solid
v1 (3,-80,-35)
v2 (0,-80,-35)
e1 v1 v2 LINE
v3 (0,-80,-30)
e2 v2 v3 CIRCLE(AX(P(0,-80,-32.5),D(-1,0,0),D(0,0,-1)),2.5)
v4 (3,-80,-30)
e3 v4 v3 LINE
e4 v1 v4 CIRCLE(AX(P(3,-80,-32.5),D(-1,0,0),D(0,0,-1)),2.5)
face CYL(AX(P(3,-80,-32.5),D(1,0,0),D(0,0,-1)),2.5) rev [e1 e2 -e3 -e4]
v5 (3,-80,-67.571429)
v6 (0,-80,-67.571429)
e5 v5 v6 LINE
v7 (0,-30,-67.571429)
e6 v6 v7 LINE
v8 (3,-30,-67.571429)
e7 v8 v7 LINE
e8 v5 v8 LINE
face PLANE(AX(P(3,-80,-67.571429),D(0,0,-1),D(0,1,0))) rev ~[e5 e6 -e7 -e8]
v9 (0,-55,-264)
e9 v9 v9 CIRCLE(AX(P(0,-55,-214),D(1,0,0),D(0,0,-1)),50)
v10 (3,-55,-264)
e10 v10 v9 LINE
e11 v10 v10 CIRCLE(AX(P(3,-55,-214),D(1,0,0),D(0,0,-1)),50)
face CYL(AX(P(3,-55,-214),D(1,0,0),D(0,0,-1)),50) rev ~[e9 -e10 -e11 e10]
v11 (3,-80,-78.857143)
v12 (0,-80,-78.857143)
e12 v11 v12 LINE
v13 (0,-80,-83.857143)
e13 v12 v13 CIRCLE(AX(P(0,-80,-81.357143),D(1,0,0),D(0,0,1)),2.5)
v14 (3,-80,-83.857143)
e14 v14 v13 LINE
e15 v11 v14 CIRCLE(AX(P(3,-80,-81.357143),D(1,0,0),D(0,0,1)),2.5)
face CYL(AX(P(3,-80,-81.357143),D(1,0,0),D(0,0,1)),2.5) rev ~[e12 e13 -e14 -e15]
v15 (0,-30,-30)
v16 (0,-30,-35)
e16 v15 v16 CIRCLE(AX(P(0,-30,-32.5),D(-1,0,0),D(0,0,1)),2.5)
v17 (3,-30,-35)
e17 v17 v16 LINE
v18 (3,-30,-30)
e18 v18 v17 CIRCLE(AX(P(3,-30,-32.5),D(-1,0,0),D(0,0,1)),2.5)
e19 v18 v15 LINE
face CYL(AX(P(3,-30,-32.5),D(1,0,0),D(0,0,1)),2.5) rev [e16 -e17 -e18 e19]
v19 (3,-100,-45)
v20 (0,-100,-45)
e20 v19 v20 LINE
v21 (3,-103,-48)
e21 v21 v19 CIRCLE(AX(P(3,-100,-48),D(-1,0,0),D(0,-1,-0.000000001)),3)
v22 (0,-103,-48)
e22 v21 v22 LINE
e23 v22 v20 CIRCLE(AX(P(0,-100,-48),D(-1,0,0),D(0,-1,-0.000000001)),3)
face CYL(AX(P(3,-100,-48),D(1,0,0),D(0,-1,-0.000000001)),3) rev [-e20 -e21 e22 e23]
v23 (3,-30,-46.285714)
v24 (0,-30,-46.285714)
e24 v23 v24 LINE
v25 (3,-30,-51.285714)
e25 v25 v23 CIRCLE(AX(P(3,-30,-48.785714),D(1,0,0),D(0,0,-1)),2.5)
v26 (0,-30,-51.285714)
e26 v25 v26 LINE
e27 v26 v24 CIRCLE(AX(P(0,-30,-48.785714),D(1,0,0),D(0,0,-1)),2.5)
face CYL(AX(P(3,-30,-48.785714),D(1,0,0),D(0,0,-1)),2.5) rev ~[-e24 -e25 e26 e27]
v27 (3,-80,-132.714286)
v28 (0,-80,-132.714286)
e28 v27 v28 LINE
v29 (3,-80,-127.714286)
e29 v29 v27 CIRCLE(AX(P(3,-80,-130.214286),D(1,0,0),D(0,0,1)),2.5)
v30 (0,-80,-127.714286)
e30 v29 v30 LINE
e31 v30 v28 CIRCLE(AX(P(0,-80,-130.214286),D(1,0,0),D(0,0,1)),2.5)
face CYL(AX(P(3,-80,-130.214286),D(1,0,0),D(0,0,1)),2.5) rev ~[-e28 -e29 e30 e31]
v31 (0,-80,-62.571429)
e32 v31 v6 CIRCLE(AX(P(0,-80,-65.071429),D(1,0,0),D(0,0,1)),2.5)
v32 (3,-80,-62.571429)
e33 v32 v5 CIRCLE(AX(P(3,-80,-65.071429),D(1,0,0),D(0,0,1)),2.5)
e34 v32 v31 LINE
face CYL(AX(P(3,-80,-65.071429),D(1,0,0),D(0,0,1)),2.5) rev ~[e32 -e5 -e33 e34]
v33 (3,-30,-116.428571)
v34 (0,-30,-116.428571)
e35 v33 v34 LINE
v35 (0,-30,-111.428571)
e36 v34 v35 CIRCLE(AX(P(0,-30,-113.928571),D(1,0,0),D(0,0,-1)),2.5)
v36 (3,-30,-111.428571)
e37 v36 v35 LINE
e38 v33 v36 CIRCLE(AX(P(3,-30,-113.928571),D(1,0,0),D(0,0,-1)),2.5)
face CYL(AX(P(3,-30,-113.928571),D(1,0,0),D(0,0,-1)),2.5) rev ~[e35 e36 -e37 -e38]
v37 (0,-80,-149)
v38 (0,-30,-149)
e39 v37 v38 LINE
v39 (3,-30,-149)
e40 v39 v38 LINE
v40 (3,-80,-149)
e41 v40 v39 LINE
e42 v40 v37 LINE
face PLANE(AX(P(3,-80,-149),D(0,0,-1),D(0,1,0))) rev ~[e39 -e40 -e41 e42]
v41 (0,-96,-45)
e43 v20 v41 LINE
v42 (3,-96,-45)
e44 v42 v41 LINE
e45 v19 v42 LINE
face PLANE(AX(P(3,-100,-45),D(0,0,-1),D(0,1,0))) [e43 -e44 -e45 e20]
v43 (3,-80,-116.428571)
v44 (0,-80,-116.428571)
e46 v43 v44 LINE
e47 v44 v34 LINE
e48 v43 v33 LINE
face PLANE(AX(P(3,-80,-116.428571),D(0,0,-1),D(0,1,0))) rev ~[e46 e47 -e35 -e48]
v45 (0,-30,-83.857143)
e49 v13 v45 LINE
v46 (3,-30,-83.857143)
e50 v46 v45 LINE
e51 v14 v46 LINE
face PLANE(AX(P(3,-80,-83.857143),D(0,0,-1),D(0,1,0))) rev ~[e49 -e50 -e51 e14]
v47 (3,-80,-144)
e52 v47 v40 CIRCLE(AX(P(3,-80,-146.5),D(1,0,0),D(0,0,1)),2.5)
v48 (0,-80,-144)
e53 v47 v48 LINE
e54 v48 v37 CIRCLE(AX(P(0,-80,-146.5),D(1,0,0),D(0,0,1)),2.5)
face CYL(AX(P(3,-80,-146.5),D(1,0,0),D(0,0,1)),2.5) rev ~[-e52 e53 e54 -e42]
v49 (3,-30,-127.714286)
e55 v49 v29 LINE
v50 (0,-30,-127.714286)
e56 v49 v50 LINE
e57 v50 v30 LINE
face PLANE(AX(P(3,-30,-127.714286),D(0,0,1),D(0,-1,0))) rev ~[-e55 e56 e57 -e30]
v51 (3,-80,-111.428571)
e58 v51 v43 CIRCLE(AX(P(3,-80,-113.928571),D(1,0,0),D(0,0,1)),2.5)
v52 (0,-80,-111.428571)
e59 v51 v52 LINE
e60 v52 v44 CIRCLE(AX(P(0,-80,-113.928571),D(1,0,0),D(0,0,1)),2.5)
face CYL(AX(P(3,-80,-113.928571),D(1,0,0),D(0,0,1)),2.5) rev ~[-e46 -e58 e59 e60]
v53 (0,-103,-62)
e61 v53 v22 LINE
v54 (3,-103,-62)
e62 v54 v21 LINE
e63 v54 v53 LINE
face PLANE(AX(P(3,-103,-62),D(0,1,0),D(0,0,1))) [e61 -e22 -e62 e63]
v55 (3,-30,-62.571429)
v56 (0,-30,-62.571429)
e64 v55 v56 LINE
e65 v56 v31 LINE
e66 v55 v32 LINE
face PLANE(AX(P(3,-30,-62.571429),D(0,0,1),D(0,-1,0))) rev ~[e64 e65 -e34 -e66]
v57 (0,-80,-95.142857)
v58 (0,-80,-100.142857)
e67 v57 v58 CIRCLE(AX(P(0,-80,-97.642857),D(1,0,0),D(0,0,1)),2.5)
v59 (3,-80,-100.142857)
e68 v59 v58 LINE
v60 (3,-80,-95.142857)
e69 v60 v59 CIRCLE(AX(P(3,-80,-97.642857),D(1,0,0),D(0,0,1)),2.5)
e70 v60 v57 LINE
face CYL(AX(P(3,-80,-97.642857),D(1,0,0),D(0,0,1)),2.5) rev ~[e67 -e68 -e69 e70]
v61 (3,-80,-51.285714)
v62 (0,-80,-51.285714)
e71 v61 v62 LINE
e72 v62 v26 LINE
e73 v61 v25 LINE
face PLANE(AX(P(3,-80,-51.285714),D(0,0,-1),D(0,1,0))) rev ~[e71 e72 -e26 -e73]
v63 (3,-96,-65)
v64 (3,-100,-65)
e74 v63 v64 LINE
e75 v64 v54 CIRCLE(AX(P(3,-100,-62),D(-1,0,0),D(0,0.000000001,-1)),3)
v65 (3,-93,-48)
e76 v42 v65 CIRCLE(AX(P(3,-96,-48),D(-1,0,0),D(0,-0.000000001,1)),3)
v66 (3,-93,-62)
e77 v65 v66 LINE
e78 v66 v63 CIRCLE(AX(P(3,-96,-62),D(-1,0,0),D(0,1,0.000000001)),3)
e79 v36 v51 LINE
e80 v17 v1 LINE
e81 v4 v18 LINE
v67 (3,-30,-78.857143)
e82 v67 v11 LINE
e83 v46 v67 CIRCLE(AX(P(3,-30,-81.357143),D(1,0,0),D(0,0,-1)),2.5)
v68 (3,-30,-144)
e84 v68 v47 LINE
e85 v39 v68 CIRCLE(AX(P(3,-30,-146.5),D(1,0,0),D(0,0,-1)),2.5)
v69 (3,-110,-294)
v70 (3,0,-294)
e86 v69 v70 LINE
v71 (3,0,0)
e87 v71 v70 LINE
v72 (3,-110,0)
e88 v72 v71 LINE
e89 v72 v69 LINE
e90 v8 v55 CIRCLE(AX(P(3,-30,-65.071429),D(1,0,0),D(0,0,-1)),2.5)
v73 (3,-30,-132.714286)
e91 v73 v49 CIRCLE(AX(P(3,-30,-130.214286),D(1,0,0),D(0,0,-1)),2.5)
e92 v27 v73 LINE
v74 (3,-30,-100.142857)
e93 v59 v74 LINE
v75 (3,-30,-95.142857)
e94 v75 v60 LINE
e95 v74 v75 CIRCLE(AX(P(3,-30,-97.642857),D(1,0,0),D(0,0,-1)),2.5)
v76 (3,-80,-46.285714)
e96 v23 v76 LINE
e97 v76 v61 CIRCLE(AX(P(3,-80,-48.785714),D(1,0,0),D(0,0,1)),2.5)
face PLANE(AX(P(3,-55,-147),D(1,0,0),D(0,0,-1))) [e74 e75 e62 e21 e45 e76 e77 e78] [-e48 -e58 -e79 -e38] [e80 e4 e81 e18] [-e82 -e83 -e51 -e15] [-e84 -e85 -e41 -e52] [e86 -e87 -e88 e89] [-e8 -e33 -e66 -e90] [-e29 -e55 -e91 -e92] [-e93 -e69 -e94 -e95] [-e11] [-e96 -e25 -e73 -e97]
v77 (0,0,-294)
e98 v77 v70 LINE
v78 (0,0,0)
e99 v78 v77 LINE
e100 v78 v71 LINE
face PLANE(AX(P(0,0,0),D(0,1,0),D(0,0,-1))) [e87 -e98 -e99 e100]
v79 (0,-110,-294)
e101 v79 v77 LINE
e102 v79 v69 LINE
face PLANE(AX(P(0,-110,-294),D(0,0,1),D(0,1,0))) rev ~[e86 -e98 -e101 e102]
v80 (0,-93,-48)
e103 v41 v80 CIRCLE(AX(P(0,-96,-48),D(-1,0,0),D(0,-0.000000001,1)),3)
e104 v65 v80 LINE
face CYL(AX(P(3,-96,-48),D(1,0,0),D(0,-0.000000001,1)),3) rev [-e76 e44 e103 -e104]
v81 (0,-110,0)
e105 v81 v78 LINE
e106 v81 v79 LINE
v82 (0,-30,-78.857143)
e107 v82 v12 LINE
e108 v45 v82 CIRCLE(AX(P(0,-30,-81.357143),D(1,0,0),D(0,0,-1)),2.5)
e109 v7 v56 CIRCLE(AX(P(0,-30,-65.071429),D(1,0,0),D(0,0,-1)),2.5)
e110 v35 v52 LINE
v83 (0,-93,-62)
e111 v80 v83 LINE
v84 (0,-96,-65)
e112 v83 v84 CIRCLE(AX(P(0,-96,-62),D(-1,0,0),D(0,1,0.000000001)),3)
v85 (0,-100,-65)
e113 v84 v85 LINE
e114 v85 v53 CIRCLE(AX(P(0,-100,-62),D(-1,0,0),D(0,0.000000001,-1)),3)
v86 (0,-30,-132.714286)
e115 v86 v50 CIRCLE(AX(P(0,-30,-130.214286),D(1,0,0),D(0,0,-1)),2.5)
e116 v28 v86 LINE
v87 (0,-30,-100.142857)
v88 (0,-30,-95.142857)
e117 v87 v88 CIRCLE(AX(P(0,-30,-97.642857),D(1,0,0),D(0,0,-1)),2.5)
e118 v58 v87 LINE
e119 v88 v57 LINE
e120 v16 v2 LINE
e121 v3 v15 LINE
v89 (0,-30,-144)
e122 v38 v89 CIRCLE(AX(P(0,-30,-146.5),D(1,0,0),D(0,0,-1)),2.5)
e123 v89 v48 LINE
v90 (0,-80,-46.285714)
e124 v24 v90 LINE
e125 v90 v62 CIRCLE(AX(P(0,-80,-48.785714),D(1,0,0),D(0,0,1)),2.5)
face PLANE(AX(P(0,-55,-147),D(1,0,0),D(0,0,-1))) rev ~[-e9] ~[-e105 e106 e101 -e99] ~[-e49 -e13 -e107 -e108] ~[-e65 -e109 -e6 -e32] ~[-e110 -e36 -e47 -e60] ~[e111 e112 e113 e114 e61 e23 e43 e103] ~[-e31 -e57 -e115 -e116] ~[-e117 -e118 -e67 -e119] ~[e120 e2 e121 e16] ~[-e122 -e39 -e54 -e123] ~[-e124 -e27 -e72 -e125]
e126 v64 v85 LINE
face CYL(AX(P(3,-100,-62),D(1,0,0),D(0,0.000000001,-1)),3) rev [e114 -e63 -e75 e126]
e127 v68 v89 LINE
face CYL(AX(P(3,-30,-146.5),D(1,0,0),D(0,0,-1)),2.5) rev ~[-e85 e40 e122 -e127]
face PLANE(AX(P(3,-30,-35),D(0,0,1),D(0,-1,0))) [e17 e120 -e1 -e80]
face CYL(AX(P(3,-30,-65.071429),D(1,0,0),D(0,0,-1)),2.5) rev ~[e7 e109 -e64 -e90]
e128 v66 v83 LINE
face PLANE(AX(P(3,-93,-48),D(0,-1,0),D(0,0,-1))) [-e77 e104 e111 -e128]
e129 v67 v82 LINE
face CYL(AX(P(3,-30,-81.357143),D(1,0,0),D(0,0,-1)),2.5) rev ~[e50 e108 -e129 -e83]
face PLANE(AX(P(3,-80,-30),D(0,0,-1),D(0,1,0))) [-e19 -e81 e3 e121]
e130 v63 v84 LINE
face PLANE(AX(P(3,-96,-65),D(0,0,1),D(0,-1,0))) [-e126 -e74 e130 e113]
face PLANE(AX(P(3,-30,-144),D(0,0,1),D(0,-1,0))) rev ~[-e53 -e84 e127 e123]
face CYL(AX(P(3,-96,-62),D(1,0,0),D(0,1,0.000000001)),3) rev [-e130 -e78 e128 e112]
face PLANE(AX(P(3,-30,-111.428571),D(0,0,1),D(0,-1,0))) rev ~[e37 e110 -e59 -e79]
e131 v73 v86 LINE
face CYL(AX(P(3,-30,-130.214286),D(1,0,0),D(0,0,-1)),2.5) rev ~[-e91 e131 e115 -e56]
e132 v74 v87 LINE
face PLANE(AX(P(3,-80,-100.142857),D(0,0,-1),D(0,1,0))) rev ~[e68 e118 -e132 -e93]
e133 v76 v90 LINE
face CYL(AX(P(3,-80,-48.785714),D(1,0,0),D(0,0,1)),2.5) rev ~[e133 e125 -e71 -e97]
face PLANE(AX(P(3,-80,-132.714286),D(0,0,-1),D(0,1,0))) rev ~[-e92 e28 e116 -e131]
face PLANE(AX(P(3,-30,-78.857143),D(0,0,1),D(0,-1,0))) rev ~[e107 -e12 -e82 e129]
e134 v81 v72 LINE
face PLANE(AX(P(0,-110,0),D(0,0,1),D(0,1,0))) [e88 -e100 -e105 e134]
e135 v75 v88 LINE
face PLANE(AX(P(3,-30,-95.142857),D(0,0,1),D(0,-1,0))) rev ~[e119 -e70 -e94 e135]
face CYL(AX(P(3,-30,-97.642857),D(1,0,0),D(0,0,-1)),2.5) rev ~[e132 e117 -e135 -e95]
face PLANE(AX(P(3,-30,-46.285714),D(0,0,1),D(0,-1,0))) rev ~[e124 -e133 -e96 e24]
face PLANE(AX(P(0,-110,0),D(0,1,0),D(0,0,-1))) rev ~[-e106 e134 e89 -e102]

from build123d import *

# Parameters (mm, degrees)
IZIM1_W                     = 294
IZIM1_H                     = 110
Y_KSEKLIK_EKSTR_ZYON1_DEPTH = 3
IZIM2_R                     = 50
KES_EKSTR_ZYON1_DEPTH       = 3


with BuildPart() as part:
    # Çizim1 → Yükseklik-Ekstrüzyon1 (new body)
    with BuildSketch(Plane(origin=(0, 0, 0), x_dir=(0, 0, -1), z_dir=(1, 0, 0))):
        with Locations((147, -55)):
            Rectangle(IZIM1_W, IZIM1_H)
    extrude(amount=Y_KSEKLIK_EKSTR_ZYON1_DEPTH)

    # Çizim2 → Kes-Ekstrüzyon1 (cut)
    with BuildSketch(Plane(origin=(3, 0, 0), x_dir=(0, 0, -1), z_dir=(1, 0, 0))):
        with Locations((214, -55)):
            Circle(IZIM2_R)
        with BuildLine():
            Line((35, -30), (35, -80))
            ThreePointArc((35, -80), (32.5, -82.5), (30, -80))
            Line((30, -80), (30, -30))
            ThreePointArc((30, -30), (32.5, -27.5), (35, -30))
        make_face()
        with BuildLine():
            Line((46.285714286, -30), (46.285714286, -80))
            ThreePointArc((46.285714286, -80), (48.785714286, -82.5), (51.285714286, -80))
            Line((51.285714286, -80), (51.285714286, -30))
            ThreePointArc((51.285714286, -30), (48.785714286, -27.5), (46.285714286, -30))
        make_face()
        with BuildLine():
            Line((62.571428571, -30), (62.571428571, -80))
            ThreePointArc((62.571428571, -80), (65.071428571, -82.5), (67.571428571, -80))
            Line((67.571428571, -80), (67.571428571, -30))
            ThreePointArc((67.571428571, -30), (65.071428571, -27.5), (62.571428571, -30))
        make_face()
        with BuildLine():
            Line((78.857142857, -30), (78.857142857, -80))
            ThreePointArc((78.857142857, -80), (81.357142857, -82.5), (83.857142857, -80))
            Line((83.857142857, -80), (83.857142857, -30))
            ThreePointArc((83.857142857, -30), (81.357142857, -27.5), (78.857142857, -30))
        make_face()
        with BuildLine():
            Line((95.142857143, -30), (95.142857143, -80))
            ThreePointArc((95.142857143, -80), (97.642857143, -82.5), (100.142857143, -80))
            Line((100.142857143, -80), (100.142857143, -30))
            ThreePointArc((100.142857143, -30), (97.642857143, -27.5), (95.142857143, -30))
        make_face()
        with BuildLine():
            Line((111.428571429, -30), (111.428571429, -80))
            ThreePointArc((111.428571429, -80), (113.928571429, -82.5), (116.428571429, -80))
            Line((116.428571429, -80), (116.428571429, -30))
            ThreePointArc((116.428571429, -30), (113.928571429, -27.5), (111.428571429, -30))
        make_face()
        with BuildLine():
            Line((127.714285714, -30), (127.714285714, -80))
            ThreePointArc((127.714285714, -80), (130.214285714, -82.5), (132.714285714, -80))
            Line((132.714285714, -80), (132.714285714, -30))
            ThreePointArc((132.714285714, -30), (130.214285714, -27.5), (127.714285714, -30))
        make_face()
        with BuildLine():
            Line((144, -30), (144, -80))
            ThreePointArc((144, -80), (146.5, -82.5), (149, -80))
            Line((149, -80), (149, -30))
            ThreePointArc((149, -30), (146.5, -27.5), (144, -30))
        make_face()
        with BuildLine():
            Line((48, -93), (62, -93))
            ThreePointArc((62, -93), (64.121320344, -93.878679656), (65, -96))
            Line((65, -96), (65, -100))
            ThreePointArc((65, -100), (64.121320344, -102.121320344), (62, -103))
            Line((62, -103), (48, -103))
            ThreePointArc((48, -103), (45.878679656, -102.121320344), (45, -100))
            Line((45, -100), (45, -96))
            ThreePointArc((45, -96), (45.878679656, -93.878679656), (48, -93))
        make_face()
    extrude(amount=-KES_EKSTR_ZYON1_DEPTH, mode=Mode.SUBTRACT)


solid = part.part
